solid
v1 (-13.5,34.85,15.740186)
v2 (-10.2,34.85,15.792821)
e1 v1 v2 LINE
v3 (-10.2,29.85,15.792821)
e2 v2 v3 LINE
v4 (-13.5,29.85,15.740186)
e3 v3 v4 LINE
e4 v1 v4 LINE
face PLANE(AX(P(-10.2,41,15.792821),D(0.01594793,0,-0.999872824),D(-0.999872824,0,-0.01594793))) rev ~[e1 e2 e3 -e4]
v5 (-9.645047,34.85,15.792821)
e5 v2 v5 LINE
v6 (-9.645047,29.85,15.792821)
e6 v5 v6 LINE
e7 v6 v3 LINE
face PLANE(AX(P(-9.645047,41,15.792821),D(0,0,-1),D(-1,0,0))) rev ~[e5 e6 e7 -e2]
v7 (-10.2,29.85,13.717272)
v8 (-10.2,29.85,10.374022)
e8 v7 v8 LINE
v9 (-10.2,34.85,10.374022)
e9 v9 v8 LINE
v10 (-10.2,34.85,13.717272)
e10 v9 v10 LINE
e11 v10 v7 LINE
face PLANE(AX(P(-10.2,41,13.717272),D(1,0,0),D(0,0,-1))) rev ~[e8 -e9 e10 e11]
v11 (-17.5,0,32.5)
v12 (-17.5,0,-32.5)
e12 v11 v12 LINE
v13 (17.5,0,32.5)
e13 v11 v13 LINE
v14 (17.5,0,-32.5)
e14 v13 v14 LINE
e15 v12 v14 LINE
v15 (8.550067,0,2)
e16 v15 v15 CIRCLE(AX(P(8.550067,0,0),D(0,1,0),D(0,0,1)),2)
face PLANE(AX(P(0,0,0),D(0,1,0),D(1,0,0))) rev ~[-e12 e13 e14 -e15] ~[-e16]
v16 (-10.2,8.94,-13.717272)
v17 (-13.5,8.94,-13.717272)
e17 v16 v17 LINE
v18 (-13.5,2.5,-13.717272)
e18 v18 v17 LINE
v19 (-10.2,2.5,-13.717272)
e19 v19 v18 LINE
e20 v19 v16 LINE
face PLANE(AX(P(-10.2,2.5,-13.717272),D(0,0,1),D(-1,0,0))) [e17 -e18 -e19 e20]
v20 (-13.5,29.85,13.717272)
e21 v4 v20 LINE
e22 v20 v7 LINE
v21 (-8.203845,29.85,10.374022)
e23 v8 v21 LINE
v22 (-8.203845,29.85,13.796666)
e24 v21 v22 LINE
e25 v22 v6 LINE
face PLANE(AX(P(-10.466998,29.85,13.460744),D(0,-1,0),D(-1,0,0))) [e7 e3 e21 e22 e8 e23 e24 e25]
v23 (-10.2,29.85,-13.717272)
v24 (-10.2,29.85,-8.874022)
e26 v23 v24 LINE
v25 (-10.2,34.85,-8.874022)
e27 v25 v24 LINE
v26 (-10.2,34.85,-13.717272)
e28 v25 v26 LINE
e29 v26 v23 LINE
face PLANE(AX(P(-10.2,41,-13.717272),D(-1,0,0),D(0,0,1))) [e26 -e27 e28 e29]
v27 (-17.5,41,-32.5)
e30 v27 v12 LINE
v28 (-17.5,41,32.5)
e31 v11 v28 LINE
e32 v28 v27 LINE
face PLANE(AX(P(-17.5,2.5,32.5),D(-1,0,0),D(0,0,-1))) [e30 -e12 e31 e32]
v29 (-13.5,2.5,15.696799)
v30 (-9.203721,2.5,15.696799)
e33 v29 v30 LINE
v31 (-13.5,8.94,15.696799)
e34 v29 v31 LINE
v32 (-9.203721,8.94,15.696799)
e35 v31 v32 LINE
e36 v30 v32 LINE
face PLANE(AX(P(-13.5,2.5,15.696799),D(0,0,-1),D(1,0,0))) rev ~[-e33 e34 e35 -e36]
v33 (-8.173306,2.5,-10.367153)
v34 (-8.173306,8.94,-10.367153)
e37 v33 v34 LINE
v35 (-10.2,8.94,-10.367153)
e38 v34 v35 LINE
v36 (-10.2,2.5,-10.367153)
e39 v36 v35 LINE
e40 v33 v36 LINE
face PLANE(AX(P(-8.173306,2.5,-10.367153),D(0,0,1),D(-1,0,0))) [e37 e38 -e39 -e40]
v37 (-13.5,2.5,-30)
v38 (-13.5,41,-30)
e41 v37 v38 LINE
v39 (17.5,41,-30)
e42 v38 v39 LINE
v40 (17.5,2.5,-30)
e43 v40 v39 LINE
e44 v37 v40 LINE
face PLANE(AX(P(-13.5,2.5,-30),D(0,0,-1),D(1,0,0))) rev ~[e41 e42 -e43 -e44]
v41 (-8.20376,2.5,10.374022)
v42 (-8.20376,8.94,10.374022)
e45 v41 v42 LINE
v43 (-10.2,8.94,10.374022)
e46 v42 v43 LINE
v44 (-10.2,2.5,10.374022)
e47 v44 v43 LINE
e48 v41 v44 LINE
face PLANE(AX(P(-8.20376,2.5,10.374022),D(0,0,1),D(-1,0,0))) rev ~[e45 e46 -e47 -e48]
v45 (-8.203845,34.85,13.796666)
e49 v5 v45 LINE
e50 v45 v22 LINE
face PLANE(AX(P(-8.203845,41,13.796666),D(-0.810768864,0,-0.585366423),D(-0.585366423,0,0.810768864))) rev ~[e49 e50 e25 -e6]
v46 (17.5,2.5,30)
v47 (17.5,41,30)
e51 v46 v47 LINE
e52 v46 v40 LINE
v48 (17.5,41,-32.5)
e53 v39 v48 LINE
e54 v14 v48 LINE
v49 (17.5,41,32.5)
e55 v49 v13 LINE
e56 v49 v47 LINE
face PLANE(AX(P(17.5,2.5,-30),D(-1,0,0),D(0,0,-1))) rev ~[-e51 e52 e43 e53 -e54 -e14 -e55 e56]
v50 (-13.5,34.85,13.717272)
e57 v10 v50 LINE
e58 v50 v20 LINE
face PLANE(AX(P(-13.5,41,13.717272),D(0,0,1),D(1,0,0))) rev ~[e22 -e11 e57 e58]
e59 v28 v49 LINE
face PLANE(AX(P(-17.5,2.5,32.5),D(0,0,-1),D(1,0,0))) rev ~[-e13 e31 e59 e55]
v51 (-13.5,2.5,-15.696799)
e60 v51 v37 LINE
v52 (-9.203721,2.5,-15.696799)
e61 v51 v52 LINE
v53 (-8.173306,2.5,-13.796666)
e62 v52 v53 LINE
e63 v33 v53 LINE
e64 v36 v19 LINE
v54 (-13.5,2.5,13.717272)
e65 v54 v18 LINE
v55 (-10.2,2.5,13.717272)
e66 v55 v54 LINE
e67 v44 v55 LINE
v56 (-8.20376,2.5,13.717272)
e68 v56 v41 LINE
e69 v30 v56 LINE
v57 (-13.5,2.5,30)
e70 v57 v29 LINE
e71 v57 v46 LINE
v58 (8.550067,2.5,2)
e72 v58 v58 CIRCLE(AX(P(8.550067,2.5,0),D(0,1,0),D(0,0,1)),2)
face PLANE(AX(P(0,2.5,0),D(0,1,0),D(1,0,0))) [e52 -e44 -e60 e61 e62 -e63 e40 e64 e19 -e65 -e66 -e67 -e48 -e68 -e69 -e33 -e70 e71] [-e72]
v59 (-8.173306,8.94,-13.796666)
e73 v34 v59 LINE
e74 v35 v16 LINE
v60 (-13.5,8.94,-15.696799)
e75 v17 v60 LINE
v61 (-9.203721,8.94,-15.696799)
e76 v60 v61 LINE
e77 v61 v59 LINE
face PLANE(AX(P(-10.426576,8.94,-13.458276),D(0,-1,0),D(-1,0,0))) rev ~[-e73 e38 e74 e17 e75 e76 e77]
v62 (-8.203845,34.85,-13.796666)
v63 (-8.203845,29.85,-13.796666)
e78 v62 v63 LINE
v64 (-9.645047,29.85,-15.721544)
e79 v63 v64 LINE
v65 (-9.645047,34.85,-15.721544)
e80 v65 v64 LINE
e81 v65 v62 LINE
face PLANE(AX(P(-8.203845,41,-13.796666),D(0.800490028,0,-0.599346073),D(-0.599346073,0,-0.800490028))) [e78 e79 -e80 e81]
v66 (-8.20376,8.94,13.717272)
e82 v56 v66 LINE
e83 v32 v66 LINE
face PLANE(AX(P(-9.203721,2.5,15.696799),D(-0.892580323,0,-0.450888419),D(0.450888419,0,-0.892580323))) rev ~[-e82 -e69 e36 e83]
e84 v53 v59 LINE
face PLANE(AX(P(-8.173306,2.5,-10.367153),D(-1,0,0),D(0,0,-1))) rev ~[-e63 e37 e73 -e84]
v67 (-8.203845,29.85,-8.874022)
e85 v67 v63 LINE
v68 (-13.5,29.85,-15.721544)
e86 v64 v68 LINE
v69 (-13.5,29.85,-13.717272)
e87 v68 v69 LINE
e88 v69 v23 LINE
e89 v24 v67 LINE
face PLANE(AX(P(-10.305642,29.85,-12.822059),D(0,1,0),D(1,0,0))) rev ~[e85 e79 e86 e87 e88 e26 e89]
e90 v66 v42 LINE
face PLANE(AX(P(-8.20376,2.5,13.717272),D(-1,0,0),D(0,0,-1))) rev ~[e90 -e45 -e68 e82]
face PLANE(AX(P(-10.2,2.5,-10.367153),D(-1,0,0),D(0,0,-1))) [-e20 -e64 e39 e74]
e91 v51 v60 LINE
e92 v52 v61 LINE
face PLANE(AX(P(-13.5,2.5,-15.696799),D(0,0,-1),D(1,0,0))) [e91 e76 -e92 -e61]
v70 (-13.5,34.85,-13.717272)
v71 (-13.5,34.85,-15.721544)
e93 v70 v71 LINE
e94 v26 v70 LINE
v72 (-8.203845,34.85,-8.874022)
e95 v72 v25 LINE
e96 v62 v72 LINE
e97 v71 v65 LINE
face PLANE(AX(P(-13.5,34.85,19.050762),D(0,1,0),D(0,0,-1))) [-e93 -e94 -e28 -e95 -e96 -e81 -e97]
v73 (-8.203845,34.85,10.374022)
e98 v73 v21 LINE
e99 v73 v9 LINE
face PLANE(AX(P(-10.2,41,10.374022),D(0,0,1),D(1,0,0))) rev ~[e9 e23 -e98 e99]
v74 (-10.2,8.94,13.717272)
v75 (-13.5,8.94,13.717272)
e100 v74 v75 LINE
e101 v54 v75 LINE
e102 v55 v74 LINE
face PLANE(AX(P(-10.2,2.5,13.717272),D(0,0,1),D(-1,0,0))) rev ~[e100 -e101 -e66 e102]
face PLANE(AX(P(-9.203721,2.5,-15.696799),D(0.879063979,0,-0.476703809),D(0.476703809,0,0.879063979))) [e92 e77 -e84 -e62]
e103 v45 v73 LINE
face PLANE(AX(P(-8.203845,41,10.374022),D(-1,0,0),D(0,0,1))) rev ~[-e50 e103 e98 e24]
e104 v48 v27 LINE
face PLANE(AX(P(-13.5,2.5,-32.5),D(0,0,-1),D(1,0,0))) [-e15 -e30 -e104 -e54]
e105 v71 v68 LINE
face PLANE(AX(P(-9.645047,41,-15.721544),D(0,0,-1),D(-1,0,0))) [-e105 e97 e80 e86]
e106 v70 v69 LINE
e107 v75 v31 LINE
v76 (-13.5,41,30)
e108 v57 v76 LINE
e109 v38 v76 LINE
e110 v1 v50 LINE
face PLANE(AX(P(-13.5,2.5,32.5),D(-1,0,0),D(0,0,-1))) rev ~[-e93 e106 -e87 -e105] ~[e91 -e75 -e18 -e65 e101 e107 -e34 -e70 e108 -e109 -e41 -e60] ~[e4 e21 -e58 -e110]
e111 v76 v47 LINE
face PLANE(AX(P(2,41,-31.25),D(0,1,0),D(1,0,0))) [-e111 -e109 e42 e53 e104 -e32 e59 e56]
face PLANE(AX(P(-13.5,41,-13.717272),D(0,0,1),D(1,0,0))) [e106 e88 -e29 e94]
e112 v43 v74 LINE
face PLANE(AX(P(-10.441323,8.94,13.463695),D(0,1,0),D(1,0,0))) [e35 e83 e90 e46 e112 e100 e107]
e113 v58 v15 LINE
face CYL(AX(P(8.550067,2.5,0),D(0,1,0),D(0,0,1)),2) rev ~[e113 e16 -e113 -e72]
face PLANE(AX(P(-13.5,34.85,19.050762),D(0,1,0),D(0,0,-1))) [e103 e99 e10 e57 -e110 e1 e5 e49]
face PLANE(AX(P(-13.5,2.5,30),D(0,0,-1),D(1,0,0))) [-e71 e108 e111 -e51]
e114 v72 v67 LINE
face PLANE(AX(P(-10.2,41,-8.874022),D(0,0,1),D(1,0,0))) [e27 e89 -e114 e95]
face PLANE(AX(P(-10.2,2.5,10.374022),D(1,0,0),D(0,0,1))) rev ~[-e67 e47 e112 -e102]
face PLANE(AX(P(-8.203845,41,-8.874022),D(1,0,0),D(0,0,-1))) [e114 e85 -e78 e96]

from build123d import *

# Parameters (mm, degrees)
SKETCH1_W           = 35
SKETCH1_H           = 65
BOSS_EXTRUDE1_DEPTH = 2.5
SKETCH2_W           = 4
SKETCH2_H           = 65
BOSS_EXTRUDE2_DEPTH = 38.5
SKETCH3_W           = 31
SKETCH3_H           = 2.5
BOSS_EXTRUDE4_DEPTH = 38.5
BOSS_EXTRUDE6_DEPTH = 11.15
SKETCH15_R          = 2
CUT_EXTRUDE3_DEPTH  = 5
CUT_EXTRUDE6_DEPTH  = 7
BOSS_EXTRUDE7_DEPTH = 6.44


with BuildPart() as part:
    # Sketch1 → Boss-Extrude1 (new body)
    with BuildSketch(Plane(origin=(0, 0, 0), x_dir=(1, 0, 0), z_dir=(0, 1, 0))):
        Rectangle(SKETCH1_W, SKETCH1_H)
    extrude(amount=BOSS_EXTRUDE1_DEPTH)

    # Sketch2 → Boss-Extrude2 (add)
    with BuildSketch(Plane(origin=(0, 2.5, 0), x_dir=(1, 0, 0), z_dir=(0, 1, 0))):
        with Locations((-15.5, 0)):
            Rectangle(SKETCH2_W, SKETCH2_H)
    extrude(amount=BOSS_EXTRUDE2_DEPTH)

    # Sketch3 → Boss-Extrude4 (add)
    with BuildSketch(Plane(origin=(0, 2.5, 0), x_dir=(1, 0, 0), z_dir=(0, 1, 0))):
        with Locations((2, 31.25)):
            Rectangle(SKETCH3_W, SKETCH3_H)
        with Locations((2, -31.25)):
            Rectangle(SKETCH3_W, SKETCH3_H)
    extrude(amount=BOSS_EXTRUDE4_DEPTH)

    # Sketch12 → Boss-Extrude6 (add)
    with BuildSketch(Plane(origin=(0, 41, 0), x_dir=(1, 0, 0), z_dir=(0, 1, 0))):
        Polygon((-8.203844825, -13.796665784), (-9.645047449, -15.79282096), (-10.2, -15.79282096), (-13.5, -15.740186096), (-13.5, -13.717271913), (-10.2, -13.717271913), (-10.2, -10.374022399), (-8.203844825, -10.374022399), align=None)
        Polygon((-13.5, 13.717271913), (-10.2, 13.717271913), (-10.2, 8.874022399), (-8.203844825, 8.874022399), (-8.203844825, 13.796665784), (-9.645047449, 15.721544213), (-13.5, 15.721544213), align=None)
    extrude(amount=-BOSS_EXTRUDE6_DEPTH)

    # Sketch15 → Cut-Extrude3 (cut)
    with BuildSketch(Plane(origin=(0, 2.5, 0), x_dir=(1, 0, 0), z_dir=(0, 1, 0))):
        with Locations(Location((8.550066744, 0, 0), (0, 0, 270))):
            Circle(SKETCH15_R)
    extrude(amount=-CUT_EXTRUDE3_DEPTH, mode=Mode.SUBTRACT)

    # Sketch13 → Cut-Extrude6 (cut)
    with BuildSketch(Plane(origin=(-13.5, 0, 0), x_dir=(0, 0, -1), z_dir=(1, 0, 0))):
        Polygon((-15.719309169, 34.85), (-19.050762409, 34.85), (-19.050762409, 41), (-15.740186096, 41), (21.565915306, 41), (24.332393972, 41), (24.332393972, 34.85), (21.565915306, 34.85), align=None)
    extrude(amount=CUT_EXTRUDE6_DEPTH, mode=Mode.SUBTRACT)

    # Sketch7 → Boss-Extrude7 (add)
    with BuildSketch(Plane(origin=(0, 2.5, 0), x_dir=(1, 0, 0), z_dir=(0, 1, 0))):
        Polygon((-13.5, 13.717271913), (-13.5, 15.696799482), (-9.20372121, 15.696799482), (-8.173305913, 13.796665784), (-8.173305913, 11.874022399), (-8.173305913, 10.367152571), (-10.2, 10.367152571), (-10.2, 13.717271913), align=None)
        Polygon((-13.5, -13.717271913), (-13.5, -15.696799482), (-9.20372121, -15.696799482), (-8.203759602, -13.717271913), (-8.203759602, -10.374022403), (-10.2, -10.374022403), (-10.2, -13.717271913), align=None)
    extrude(amount=BOSS_EXTRUDE7_DEPTH)


solid = part.part
